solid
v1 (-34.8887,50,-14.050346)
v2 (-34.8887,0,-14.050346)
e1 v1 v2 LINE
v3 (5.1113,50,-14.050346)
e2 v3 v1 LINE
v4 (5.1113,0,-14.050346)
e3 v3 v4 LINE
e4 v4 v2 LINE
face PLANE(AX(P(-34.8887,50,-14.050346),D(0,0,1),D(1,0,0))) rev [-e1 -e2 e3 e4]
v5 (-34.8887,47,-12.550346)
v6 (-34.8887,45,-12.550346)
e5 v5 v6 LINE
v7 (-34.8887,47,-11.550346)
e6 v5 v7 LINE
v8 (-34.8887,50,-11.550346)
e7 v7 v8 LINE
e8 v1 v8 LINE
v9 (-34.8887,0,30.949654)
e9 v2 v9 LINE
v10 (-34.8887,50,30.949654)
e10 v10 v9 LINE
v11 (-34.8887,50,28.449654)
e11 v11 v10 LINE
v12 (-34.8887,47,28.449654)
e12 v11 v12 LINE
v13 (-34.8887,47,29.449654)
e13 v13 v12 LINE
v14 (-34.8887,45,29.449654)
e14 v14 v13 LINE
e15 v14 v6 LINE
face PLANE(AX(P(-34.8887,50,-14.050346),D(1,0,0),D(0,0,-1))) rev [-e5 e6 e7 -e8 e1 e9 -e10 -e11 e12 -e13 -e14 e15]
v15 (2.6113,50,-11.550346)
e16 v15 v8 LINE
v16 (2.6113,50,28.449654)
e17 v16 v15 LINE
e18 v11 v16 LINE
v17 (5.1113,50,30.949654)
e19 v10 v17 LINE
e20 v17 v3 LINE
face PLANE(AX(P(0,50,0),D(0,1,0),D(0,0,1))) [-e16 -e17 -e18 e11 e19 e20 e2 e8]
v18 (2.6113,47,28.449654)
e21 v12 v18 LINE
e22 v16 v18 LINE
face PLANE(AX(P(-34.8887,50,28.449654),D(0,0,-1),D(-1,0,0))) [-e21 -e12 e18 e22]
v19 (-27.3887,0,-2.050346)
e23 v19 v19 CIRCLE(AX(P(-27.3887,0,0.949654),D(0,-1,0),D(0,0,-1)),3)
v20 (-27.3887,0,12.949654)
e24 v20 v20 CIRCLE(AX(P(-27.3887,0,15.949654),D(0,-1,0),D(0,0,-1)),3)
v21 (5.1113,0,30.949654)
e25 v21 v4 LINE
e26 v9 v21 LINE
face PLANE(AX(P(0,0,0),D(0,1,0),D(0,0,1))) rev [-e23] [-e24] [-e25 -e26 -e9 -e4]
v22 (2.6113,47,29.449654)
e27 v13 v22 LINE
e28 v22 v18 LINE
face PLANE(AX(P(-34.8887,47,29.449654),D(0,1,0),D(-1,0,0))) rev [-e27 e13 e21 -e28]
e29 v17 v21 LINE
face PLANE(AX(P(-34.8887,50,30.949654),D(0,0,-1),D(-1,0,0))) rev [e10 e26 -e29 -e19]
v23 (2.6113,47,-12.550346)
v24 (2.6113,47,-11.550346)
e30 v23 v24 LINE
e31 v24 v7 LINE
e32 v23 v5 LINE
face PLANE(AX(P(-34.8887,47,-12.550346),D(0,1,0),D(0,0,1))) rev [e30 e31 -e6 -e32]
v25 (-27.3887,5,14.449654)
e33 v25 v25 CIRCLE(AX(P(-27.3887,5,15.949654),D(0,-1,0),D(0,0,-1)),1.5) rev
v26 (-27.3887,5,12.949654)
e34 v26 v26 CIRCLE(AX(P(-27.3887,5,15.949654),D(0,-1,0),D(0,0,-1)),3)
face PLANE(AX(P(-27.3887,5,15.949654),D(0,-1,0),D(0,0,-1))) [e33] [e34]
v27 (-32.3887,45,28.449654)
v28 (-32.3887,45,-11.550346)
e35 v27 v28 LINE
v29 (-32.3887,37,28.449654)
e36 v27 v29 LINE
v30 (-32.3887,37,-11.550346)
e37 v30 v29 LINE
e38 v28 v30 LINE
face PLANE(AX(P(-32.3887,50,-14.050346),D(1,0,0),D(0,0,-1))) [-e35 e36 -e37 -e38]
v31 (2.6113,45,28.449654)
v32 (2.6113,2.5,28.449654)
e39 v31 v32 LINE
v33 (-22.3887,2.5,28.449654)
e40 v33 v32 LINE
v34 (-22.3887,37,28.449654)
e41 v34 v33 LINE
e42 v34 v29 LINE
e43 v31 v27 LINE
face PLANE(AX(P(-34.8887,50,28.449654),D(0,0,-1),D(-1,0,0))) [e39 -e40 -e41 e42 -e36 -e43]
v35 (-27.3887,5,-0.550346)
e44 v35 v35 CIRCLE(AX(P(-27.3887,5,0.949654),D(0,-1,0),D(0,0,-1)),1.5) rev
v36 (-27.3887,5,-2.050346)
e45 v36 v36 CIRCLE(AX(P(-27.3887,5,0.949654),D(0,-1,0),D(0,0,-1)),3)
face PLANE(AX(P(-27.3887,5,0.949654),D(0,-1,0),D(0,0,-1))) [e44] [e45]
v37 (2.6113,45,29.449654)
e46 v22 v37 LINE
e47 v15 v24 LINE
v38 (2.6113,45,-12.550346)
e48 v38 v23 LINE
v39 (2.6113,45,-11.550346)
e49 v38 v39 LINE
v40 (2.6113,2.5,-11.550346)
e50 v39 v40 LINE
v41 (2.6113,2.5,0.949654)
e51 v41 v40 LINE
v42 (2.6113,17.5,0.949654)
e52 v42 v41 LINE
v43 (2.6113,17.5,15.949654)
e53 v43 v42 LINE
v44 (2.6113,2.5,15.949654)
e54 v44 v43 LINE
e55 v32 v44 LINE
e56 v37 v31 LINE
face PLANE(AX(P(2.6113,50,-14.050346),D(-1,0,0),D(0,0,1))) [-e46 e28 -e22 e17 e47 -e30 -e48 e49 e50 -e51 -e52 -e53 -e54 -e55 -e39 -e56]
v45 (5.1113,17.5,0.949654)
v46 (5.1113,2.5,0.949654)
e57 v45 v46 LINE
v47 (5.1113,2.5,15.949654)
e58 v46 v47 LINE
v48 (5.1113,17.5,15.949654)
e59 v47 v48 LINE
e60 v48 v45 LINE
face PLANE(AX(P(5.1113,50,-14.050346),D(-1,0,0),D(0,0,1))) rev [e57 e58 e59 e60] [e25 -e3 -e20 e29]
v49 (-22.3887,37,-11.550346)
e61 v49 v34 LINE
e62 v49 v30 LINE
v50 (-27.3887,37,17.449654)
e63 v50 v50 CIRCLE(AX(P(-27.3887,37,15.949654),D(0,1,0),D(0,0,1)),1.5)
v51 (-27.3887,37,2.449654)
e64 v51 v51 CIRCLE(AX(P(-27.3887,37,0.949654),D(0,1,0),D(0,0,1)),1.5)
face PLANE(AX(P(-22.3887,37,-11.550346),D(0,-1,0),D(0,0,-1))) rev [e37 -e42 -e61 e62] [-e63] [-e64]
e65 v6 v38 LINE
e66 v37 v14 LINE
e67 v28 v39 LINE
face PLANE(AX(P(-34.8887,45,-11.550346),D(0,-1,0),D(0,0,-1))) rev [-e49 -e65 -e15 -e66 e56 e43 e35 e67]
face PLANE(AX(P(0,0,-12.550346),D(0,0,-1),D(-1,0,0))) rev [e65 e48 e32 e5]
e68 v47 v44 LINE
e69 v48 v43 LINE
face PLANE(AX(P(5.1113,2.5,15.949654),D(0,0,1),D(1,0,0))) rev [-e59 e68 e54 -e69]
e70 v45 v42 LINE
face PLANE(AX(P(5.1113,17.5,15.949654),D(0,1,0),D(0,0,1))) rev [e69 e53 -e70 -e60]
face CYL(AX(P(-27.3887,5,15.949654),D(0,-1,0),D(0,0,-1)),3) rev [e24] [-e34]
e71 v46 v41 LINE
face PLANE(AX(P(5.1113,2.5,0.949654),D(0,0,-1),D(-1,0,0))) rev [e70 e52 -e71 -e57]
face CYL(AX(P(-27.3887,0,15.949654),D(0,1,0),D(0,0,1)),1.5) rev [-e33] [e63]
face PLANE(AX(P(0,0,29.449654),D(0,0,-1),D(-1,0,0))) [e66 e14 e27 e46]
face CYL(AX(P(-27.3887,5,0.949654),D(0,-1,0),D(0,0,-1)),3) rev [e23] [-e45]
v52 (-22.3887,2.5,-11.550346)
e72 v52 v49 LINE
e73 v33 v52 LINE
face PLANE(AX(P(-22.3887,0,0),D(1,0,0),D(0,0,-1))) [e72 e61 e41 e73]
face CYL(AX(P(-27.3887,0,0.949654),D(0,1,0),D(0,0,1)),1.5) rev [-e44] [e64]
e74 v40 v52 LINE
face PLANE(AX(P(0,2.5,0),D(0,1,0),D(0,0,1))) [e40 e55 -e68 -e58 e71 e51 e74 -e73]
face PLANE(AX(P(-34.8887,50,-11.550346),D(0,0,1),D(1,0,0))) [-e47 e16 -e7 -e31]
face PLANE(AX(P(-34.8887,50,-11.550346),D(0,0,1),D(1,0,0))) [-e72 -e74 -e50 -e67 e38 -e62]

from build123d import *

# Parameters (mm, degrees)
SKETCH1_W           = 40
SKETCH1_H           = 45
BOSS_EXTRUDE1_DEPTH = 50
SHELL1_T            = -2.5
SKETCH3_W           = 40
SKETCH3_H           = 34.5
BOSS_EXTRUDE2_DEPTH = 10
SKETCH11_W          = 40
SKETCH11_H          = 5
CUT_EXTRUDE2_DEPTH  = 2.5
SKETCH12_W          = 37.5
SKETCH12_H          = 2
CUT_EXTRUDE3_DEPTH  = 1
SKETCH13_W          = 37.5
SKETCH13_H          = 2
CUT_EXTRUDE4_DEPTH  = 1
SKETCH15_R          = 1.5
CUT_EXTRUDE7_DEPTH  = 37
SKETCH16_R          = 1.5
CUT_EXTRUDE8_DEPTH  = 37
SKETCH17_R          = 3
CUT_EXTRUDE9_DEPTH  = 5
SKETCH19_W          = 15
SKETCH19_H          = 15
CUT_EXTRUDE10_DEPTH = 2.5


with BuildPart() as part:
    # Sketch1 → Boss-Extrude1 (new body)
    with BuildSketch(Plane(origin=(0, 0, 0), x_dir=(1, 0, 0), z_dir=(0, 1, 0))):
        with Locations((-14.888700463, -8.449653636)):
            Rectangle(SKETCH1_W, SKETCH1_H)
    extrude(amount=BOSS_EXTRUDE1_DEPTH)

    # Shell1
    shell1_openings = [part.faces().sort_by_distance(p)[0] for p in [
        (-14.888700463, 50, 8.449653636),
    ]]
    offset(amount=SHELL1_T, openings=shell1_openings, kind=Kind.INTERSECTION)

    # Sketch3 → Boss-Extrude2 (add)
    with BuildSketch(Plane(origin=(-32.388700463, 0, 0), x_dir=(0, 0, -1), z_dir=(1, 0, 0))):
        with Locations((-8.449653636, 19.75)):
            Rectangle(SKETCH3_W, SKETCH3_H)
    extrude(amount=BOSS_EXTRUDE2_DEPTH)

    # Sketch11 → Cut-Extrude2 (cut)
    with BuildSketch(Plane(origin=(-32.388700463, 0, 0), x_dir=(0, 0, -1), z_dir=(1, 0, 0))):
        with Locations((-8.449653636, 47.5)):
            Rectangle(SKETCH11_W, SKETCH11_H)
    extrude(amount=-CUT_EXTRUDE2_DEPTH, mode=Mode.SUBTRACT)

    # Sketch12 → Cut-Extrude3 (cut)
    with BuildSketch(Plane.XY.offset(-11.550346364)):
        with Locations((-16.138700463, 46)):
            Rectangle(SKETCH12_W, SKETCH12_H)
    extrude(amount=-CUT_EXTRUDE3_DEPTH, mode=Mode.SUBTRACT)

    # Sketch13 → Cut-Extrude4 (cut)
    with BuildSketch(Plane(origin=(0, 0, 28.449653636), x_dir=(-1, 0, 0), z_dir=(0, 0, -1))):
        with Locations((16.138700463, 46)):
            Rectangle(SKETCH13_W, SKETCH13_H)
    extrude(amount=-CUT_EXTRUDE4_DEPTH, mode=Mode.SUBTRACT)

    # Sketch15 → Cut-Extrude7 (cut)
    with BuildSketch(Plane(origin=(0, 37, 0), x_dir=(1, 0, 0), z_dir=(0, 1, 0))):
        with Locations(Location((-27.388700463, -15.949653636, 0), (0, 0, 270))):
            Circle(SKETCH15_R)
    extrude(amount=-CUT_EXTRUDE7_DEPTH, mode=Mode.SUBTRACT)

    # Sketch16 → Cut-Extrude8 (cut)
    with BuildSketch(Plane(origin=(0, 37, 0), x_dir=(1, 0, 0), z_dir=(0, 1, 0))):
        with Locations(Location((-27.388700463, -0.949653636, 0), (0, 0, 270))):
            Circle(SKETCH16_R)
    extrude(amount=-CUT_EXTRUDE8_DEPTH, mode=Mode.SUBTRACT)

    # Sketch17 → Cut-Extrude9 (cut)
    with BuildSketch(Plane.XZ):
        with Locations(Location((-27.388700463, 15.949653636, 0), (0, 0, 270))):
            Circle(SKETCH17_R)
        with Locations(Location((-27.388700463, 0.949653636, 0), (0, 0, 270))):
            Circle(SKETCH17_R)
    extrude(amount=-CUT_EXTRUDE9_DEPTH, mode=Mode.SUBTRACT)

    # Sketch19 → Cut-Extrude10 (cut)
    with BuildSketch(Plane.ZY.offset(-2.611299537)):
        with Locations((8.449653636, 10)):
            Rectangle(SKETCH19_W, SKETCH19_H)
    extrude(amount=-CUT_EXTRUDE10_DEPTH, mode=Mode.SUBTRACT)


solid = part.part
